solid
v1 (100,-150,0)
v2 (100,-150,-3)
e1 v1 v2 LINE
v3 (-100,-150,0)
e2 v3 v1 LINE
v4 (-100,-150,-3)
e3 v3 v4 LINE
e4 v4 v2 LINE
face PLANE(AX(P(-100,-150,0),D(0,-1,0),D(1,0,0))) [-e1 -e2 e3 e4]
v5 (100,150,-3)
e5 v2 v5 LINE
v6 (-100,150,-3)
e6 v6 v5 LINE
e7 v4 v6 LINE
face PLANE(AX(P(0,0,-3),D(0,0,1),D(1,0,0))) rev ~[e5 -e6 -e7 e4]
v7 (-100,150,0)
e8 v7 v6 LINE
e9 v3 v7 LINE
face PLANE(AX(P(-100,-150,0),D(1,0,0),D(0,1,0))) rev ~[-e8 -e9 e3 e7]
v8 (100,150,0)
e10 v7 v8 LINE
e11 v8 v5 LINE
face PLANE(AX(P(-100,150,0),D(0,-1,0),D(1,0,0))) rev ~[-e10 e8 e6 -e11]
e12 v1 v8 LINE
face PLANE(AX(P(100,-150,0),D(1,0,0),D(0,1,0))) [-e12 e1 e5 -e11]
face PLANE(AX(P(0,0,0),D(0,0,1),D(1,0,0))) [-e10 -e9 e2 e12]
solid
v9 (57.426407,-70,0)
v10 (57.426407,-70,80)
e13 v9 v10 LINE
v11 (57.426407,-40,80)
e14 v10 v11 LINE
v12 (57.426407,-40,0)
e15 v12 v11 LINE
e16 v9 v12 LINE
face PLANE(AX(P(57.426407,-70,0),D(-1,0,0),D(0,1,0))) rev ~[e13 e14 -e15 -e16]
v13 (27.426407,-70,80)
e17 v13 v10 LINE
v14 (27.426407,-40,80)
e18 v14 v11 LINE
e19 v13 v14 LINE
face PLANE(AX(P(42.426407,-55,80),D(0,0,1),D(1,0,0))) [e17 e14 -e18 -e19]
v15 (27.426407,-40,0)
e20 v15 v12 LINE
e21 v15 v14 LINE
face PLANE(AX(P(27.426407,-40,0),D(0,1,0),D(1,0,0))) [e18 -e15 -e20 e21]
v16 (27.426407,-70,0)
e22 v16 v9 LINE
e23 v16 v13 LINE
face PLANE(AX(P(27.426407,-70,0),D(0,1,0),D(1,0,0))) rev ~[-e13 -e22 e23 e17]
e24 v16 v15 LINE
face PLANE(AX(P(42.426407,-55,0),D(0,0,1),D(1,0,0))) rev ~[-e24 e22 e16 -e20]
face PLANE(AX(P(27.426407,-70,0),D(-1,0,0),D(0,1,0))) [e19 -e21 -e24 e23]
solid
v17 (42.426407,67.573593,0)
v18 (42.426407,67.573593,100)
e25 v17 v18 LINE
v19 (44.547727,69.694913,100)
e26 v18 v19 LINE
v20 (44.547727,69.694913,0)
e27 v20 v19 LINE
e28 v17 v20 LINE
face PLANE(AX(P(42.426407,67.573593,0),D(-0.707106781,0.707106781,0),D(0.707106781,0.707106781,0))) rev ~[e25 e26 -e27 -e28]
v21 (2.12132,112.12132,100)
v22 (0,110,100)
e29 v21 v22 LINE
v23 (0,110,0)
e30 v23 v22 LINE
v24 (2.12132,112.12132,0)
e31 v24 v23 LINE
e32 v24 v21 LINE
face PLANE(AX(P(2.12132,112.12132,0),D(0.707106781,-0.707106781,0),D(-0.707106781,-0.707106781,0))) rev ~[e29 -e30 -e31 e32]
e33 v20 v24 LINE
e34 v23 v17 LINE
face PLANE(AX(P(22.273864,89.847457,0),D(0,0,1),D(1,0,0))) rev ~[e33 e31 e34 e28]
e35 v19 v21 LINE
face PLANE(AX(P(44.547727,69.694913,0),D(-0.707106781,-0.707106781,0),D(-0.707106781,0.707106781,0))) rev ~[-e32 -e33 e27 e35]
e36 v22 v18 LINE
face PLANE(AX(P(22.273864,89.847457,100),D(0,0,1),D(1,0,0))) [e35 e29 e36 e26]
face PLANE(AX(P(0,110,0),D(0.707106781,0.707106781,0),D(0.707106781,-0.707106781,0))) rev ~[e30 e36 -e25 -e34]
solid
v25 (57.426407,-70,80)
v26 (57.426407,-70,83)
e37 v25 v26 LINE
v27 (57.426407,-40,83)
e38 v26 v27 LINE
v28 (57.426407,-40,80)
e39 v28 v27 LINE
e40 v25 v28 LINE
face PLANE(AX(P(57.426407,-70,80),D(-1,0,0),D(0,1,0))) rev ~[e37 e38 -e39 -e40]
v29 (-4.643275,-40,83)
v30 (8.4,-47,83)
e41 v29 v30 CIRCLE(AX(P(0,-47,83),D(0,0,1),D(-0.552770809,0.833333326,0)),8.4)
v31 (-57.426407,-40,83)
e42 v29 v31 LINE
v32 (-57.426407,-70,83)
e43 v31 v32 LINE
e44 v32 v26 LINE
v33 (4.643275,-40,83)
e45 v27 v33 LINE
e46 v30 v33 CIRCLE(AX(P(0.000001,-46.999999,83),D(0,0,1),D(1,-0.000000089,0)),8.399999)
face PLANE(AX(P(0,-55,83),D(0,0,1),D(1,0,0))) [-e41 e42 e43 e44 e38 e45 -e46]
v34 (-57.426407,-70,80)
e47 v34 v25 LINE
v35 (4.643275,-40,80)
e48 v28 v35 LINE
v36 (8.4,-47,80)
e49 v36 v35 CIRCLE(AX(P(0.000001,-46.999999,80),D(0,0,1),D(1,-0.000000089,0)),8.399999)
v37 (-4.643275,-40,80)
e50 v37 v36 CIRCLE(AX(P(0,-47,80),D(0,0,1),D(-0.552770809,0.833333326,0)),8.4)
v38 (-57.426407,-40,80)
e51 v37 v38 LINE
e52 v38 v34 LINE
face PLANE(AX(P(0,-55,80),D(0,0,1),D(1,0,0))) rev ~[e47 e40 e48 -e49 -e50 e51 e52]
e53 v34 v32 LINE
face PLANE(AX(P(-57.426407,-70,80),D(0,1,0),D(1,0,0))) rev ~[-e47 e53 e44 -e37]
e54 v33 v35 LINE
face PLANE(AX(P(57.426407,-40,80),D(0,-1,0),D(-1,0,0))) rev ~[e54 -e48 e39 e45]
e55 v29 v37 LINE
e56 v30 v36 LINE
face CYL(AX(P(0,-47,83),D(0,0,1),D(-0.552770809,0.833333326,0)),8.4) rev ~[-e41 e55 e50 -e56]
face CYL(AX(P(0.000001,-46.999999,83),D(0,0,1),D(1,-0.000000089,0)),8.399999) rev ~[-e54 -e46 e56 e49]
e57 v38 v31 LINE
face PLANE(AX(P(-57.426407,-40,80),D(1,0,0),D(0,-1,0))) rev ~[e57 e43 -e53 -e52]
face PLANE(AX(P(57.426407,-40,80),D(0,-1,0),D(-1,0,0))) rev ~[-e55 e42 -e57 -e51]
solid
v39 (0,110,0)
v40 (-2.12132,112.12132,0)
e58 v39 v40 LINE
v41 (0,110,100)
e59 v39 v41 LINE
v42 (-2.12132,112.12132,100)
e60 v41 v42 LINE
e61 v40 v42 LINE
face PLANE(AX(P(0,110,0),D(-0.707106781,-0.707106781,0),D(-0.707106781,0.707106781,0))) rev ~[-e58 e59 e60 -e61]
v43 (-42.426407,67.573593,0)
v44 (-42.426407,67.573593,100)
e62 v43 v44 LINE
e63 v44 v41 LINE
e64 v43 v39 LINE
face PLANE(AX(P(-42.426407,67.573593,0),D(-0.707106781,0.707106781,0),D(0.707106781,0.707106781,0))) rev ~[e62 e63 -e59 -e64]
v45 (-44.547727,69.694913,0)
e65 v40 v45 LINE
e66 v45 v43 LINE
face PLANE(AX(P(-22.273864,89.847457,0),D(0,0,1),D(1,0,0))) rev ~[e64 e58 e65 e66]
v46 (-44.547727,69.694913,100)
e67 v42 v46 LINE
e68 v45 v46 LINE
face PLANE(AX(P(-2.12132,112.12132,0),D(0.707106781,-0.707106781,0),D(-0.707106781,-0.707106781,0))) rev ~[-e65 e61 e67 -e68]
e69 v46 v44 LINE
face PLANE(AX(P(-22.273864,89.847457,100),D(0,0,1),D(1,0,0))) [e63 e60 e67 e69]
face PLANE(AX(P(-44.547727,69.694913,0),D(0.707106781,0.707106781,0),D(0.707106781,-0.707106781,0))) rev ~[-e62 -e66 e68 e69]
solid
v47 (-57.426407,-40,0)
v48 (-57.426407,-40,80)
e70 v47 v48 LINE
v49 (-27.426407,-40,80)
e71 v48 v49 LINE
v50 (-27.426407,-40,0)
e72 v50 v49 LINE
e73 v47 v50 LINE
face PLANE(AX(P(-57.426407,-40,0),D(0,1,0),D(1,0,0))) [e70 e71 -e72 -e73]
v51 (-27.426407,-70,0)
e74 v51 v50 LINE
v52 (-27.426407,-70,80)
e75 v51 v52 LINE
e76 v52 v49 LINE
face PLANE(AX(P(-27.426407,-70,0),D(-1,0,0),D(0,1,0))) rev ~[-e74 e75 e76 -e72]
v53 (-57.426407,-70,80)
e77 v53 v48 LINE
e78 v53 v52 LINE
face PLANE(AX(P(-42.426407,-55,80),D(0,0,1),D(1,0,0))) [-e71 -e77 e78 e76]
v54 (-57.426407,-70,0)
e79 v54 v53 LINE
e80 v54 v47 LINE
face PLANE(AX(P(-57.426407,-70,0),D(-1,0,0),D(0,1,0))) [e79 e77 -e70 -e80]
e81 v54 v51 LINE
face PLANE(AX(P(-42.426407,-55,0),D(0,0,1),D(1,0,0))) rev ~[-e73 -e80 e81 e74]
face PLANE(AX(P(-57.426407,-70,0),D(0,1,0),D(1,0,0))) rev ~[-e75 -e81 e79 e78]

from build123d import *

# Parameters (mm, degrees)
F1_W     = 200
F1_H     = 300
F2_DEPTH = 3
F0_W     = 30
F0_H     = 30
F3_DEPTH = 80
F4_DEPTH = 100
F6_DEPTH = 3
F8_DEPTH = 25


with BuildPart() as f2:
    # F1 (on Top) → F2 (new body)
    with BuildSketch(Plane.XY):
        Rectangle(F1_W, F1_H)
    extrude(amount=-F2_DEPTH)


with BuildPart() as f3:
    # F0 (on Top) → F3 (new body)
    with BuildSketch(Plane.XY):
        with Locations((-42.426407, -55)):
            Rectangle(F0_W, F0_H)
        with Locations((42.426407, -55)):
            Rectangle(F0_W, F0_H)
    extrude(amount=F3_DEPTH)


with BuildPart() as f4:
    # F0 (on Top) → F4 (new body)
    with BuildSketch(Plane.XY):
        Polygon((-42.426407, 67.573593), (0, 110), (-2.12132, 112.12132), (-44.547727, 69.694913), align=None)
        Polygon((2.12132, 112.12132), (0, 110), (42.426407, 67.573593), (44.547727, 69.694913), align=None)
    extrude(amount=F4_DEPTH)


with BuildPart() as f6:
    # F5 (on face) → F6 (new body)
    with BuildSketch(Plane.XY.offset(80)):
        Polygon((-57.426407, -40), (-57.426407, -70), (-27.426407, -70), (27.426407, -70), (57.426407, -70), (57.426407, -40), (27.426407, -40), (-27.426407, -40), align=None)
    extrude(amount=F6_DEPTH)

    # F7 (on face) → F8 (cut)
    with BuildSketch(Plane.XY.offset(83)):
        with BuildLine():
            ThreePointArc((-4.643275, -40), (-3.972184, -54.40147), (8.4, -47))
            ThreePointArc((8.4, -47), (7.40147, -43.027816), (4.643275, -40))
            Line((4.643275, -40), (-4.643275, -40))
        make_face()
    extrude(amount=-F8_DEPTH, mode=Mode.SUBTRACT)


solid = Compound([f2.part, f3.part, f4.part, f6.part])
